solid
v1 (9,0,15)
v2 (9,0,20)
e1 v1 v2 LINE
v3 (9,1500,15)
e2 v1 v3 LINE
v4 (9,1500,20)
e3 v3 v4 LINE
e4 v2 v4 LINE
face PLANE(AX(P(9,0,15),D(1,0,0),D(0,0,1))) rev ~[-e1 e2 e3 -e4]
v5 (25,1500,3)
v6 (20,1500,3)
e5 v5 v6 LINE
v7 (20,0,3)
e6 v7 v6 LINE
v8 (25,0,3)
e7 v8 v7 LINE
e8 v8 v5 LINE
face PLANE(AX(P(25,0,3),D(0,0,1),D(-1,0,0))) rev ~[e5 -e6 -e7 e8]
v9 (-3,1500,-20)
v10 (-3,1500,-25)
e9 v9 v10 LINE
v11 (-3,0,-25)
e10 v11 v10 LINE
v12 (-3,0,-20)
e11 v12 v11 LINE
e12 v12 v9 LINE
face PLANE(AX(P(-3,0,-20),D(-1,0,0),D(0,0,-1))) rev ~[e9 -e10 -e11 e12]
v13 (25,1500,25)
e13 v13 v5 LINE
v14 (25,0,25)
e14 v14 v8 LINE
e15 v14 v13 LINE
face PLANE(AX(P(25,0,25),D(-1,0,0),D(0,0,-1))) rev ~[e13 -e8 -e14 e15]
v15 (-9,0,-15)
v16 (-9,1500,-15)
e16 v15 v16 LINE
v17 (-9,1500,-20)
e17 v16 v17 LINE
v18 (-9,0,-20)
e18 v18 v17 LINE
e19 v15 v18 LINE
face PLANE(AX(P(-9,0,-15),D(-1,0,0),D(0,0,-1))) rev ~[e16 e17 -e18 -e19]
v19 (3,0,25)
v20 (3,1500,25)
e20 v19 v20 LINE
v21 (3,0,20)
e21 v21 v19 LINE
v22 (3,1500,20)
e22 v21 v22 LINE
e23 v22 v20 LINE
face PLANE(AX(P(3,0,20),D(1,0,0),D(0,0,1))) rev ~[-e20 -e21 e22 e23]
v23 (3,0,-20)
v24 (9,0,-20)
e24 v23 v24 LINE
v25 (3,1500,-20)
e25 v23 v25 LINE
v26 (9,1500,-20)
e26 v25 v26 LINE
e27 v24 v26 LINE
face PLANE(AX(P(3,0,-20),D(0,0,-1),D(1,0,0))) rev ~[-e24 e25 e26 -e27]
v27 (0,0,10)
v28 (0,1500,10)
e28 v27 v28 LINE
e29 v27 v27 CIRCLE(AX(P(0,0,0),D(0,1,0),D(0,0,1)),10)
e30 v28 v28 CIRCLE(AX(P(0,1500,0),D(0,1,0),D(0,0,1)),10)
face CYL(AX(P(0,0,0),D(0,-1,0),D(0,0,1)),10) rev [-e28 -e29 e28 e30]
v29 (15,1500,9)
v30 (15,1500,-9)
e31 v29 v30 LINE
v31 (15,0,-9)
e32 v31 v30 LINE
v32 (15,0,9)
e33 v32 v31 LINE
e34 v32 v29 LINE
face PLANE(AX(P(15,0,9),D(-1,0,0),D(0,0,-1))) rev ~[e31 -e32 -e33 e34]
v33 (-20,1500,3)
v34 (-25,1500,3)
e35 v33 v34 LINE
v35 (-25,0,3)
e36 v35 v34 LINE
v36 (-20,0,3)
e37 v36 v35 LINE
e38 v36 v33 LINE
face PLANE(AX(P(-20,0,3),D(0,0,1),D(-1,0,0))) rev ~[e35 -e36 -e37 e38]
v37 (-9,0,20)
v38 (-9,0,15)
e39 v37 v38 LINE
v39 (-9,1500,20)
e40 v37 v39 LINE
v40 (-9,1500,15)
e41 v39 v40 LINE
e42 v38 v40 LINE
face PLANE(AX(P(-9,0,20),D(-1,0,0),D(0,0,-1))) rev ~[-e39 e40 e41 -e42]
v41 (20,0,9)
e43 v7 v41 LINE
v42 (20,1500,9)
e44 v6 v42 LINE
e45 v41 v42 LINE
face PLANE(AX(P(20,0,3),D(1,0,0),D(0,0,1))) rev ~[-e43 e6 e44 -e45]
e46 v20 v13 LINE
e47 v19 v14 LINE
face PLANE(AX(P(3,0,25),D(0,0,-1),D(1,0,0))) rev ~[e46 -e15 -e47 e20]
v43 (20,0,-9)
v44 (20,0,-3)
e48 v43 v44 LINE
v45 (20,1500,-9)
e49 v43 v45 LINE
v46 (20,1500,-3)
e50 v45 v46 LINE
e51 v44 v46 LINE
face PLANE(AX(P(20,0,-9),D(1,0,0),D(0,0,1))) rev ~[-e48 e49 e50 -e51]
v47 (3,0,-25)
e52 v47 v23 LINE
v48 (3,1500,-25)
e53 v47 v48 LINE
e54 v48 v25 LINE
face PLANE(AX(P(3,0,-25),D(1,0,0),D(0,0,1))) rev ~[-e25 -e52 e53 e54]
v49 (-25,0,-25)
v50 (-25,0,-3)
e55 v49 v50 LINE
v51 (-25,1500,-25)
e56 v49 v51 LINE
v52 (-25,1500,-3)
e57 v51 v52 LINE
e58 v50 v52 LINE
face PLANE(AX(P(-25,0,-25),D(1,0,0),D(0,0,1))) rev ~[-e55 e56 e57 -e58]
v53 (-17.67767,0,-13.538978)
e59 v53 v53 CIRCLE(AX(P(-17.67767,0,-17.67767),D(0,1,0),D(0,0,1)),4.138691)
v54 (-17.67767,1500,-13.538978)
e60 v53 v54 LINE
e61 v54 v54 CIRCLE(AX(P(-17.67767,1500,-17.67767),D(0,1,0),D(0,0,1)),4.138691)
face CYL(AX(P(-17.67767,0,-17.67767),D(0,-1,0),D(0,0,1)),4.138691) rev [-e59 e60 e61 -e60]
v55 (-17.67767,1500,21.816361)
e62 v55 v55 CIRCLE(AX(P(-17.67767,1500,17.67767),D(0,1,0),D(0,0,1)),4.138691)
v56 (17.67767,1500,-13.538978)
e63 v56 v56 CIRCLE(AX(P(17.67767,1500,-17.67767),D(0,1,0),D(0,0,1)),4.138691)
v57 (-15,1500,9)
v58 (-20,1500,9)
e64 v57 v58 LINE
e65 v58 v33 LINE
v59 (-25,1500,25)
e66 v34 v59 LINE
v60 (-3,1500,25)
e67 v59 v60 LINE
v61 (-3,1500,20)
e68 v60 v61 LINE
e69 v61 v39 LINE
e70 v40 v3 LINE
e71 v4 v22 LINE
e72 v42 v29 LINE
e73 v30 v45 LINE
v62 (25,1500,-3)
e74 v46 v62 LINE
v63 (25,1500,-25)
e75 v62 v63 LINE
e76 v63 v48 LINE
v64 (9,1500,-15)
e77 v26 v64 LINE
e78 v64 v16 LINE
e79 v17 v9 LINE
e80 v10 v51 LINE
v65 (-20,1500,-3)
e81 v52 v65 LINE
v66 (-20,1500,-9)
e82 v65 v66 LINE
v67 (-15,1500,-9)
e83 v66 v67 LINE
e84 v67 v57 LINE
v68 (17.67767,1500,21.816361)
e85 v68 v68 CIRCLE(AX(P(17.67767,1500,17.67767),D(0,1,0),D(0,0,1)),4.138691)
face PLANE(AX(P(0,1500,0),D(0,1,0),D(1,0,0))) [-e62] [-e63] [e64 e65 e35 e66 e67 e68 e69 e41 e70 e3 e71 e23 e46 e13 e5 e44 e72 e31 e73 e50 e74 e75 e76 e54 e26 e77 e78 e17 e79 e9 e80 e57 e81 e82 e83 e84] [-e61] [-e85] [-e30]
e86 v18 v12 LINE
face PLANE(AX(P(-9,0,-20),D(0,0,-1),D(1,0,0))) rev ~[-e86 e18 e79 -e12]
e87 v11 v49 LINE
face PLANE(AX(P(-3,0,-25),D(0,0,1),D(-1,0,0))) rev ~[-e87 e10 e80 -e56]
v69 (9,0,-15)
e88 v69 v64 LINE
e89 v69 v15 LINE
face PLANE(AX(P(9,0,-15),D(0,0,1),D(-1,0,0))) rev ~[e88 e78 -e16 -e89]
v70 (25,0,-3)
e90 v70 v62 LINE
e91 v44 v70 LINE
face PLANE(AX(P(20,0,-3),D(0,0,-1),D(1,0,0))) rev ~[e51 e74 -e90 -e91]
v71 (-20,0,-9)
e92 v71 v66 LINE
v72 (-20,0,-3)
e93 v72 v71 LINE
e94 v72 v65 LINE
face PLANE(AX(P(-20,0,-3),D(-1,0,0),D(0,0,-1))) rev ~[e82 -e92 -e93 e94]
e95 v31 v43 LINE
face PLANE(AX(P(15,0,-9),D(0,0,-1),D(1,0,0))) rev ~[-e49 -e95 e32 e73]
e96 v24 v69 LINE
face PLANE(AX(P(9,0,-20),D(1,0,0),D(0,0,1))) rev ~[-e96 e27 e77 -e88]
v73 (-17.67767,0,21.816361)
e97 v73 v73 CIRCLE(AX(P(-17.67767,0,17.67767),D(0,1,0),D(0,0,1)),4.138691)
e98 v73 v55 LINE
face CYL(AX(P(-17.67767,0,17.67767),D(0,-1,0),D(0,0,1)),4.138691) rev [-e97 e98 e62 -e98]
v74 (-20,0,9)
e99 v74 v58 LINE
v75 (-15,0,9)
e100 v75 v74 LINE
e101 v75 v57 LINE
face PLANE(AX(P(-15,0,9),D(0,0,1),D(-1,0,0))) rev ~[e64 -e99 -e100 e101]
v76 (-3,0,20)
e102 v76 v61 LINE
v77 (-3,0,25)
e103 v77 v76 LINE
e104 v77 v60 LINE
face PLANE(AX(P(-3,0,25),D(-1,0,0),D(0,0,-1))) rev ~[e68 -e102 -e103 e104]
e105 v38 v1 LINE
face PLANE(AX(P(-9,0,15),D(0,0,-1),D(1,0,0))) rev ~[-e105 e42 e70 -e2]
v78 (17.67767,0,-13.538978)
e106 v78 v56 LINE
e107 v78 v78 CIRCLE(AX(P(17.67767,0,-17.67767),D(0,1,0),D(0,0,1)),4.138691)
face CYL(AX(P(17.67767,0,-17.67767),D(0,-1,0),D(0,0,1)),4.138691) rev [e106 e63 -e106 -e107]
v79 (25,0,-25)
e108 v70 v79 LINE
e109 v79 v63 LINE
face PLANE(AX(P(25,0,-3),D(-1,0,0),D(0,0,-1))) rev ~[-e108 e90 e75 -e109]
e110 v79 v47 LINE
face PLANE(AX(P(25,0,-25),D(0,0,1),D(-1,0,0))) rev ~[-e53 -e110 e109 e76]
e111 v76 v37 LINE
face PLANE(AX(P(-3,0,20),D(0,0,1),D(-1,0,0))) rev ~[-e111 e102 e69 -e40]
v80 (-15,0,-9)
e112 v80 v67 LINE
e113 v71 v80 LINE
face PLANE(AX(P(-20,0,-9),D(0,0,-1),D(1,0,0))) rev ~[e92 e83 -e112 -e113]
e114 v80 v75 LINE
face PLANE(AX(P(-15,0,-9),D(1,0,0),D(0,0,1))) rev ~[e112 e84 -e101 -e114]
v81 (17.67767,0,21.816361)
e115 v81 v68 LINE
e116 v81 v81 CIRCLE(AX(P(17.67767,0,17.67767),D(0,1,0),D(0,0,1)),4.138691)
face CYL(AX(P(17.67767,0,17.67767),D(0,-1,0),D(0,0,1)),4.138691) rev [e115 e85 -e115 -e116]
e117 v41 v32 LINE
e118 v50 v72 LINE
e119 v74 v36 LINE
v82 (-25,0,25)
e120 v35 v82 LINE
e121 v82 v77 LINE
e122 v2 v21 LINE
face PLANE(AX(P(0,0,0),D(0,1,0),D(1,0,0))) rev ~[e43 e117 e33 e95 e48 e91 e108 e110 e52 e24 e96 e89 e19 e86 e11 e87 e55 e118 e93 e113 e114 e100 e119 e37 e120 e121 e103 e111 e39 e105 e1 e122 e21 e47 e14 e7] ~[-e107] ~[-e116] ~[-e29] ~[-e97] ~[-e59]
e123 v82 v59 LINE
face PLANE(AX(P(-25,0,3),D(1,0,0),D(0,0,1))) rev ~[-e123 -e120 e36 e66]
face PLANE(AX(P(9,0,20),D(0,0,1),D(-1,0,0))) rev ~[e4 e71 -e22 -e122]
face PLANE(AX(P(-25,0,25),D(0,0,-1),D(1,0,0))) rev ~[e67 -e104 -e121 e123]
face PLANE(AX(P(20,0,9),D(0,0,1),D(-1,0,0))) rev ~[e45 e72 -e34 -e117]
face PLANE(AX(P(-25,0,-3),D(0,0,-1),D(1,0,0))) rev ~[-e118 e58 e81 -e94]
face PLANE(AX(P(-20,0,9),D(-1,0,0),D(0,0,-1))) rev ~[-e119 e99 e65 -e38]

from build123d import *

# Parameters (mm, degrees)
SKETCH1_R           = 10
SKETCH1_R_2         = 4.138691164
BOSS_EXTRUDE1_DEPTH = 1500


with BuildPart() as part:
    # Sketch1 → Boss-Extrude1 (new body)
    with BuildSketch(Plane(origin=(0, 0, 0), x_dir=(1, 0, 0), z_dir=(0, 1, 0))):
        Polygon((-25, -3), (-25, -25), (-3, -25), (-3, -20), (-9, -20), (-9, -15), (9, -15), (9, -20), (3, -20), (3, -25), (25, -25), (25, -3), (20, -3), (20, -9), (15, -9), (15, 9), (20, 9), (20, 3), (25, 3), (25, 25), (3, 25), (3, 20), (9, 20), (9, 15), (-9, 15), (-9, 20), (-3, 20), (-3, 25), (-25, 25), (-25, 3), (-20, 3), (-20, 9), (-15, 9), (-15, -9), (-20, -9), (-20, -3), align=None)
        with Locations(Location((0, 0, 0), (0, 0, 270))):
            Circle(SKETCH1_R, mode=Mode.SUBTRACT)
        with Locations(Location((-17.67766953, 17.67766953, 0), (0, 0, 270))):
            Circle(SKETCH1_R_2, mode=Mode.SUBTRACT)
        with Locations(Location((17.67766953, 17.67766953, 0), (0, 0, 270))):
            Circle(SKETCH1_R_2, mode=Mode.SUBTRACT)
        with Locations(Location((17.67766953, -17.67766953, 0), (0, 0, 270))):
            Circle(SKETCH1_R_2, mode=Mode.SUBTRACT)
        with Locations(Location((-17.67766953, -17.67766953, 0), (0, 0, 270))):
            Circle(SKETCH1_R_2, mode=Mode.SUBTRACT)
    extrude(amount=BOSS_EXTRUDE1_DEPTH)


solid = part.part
